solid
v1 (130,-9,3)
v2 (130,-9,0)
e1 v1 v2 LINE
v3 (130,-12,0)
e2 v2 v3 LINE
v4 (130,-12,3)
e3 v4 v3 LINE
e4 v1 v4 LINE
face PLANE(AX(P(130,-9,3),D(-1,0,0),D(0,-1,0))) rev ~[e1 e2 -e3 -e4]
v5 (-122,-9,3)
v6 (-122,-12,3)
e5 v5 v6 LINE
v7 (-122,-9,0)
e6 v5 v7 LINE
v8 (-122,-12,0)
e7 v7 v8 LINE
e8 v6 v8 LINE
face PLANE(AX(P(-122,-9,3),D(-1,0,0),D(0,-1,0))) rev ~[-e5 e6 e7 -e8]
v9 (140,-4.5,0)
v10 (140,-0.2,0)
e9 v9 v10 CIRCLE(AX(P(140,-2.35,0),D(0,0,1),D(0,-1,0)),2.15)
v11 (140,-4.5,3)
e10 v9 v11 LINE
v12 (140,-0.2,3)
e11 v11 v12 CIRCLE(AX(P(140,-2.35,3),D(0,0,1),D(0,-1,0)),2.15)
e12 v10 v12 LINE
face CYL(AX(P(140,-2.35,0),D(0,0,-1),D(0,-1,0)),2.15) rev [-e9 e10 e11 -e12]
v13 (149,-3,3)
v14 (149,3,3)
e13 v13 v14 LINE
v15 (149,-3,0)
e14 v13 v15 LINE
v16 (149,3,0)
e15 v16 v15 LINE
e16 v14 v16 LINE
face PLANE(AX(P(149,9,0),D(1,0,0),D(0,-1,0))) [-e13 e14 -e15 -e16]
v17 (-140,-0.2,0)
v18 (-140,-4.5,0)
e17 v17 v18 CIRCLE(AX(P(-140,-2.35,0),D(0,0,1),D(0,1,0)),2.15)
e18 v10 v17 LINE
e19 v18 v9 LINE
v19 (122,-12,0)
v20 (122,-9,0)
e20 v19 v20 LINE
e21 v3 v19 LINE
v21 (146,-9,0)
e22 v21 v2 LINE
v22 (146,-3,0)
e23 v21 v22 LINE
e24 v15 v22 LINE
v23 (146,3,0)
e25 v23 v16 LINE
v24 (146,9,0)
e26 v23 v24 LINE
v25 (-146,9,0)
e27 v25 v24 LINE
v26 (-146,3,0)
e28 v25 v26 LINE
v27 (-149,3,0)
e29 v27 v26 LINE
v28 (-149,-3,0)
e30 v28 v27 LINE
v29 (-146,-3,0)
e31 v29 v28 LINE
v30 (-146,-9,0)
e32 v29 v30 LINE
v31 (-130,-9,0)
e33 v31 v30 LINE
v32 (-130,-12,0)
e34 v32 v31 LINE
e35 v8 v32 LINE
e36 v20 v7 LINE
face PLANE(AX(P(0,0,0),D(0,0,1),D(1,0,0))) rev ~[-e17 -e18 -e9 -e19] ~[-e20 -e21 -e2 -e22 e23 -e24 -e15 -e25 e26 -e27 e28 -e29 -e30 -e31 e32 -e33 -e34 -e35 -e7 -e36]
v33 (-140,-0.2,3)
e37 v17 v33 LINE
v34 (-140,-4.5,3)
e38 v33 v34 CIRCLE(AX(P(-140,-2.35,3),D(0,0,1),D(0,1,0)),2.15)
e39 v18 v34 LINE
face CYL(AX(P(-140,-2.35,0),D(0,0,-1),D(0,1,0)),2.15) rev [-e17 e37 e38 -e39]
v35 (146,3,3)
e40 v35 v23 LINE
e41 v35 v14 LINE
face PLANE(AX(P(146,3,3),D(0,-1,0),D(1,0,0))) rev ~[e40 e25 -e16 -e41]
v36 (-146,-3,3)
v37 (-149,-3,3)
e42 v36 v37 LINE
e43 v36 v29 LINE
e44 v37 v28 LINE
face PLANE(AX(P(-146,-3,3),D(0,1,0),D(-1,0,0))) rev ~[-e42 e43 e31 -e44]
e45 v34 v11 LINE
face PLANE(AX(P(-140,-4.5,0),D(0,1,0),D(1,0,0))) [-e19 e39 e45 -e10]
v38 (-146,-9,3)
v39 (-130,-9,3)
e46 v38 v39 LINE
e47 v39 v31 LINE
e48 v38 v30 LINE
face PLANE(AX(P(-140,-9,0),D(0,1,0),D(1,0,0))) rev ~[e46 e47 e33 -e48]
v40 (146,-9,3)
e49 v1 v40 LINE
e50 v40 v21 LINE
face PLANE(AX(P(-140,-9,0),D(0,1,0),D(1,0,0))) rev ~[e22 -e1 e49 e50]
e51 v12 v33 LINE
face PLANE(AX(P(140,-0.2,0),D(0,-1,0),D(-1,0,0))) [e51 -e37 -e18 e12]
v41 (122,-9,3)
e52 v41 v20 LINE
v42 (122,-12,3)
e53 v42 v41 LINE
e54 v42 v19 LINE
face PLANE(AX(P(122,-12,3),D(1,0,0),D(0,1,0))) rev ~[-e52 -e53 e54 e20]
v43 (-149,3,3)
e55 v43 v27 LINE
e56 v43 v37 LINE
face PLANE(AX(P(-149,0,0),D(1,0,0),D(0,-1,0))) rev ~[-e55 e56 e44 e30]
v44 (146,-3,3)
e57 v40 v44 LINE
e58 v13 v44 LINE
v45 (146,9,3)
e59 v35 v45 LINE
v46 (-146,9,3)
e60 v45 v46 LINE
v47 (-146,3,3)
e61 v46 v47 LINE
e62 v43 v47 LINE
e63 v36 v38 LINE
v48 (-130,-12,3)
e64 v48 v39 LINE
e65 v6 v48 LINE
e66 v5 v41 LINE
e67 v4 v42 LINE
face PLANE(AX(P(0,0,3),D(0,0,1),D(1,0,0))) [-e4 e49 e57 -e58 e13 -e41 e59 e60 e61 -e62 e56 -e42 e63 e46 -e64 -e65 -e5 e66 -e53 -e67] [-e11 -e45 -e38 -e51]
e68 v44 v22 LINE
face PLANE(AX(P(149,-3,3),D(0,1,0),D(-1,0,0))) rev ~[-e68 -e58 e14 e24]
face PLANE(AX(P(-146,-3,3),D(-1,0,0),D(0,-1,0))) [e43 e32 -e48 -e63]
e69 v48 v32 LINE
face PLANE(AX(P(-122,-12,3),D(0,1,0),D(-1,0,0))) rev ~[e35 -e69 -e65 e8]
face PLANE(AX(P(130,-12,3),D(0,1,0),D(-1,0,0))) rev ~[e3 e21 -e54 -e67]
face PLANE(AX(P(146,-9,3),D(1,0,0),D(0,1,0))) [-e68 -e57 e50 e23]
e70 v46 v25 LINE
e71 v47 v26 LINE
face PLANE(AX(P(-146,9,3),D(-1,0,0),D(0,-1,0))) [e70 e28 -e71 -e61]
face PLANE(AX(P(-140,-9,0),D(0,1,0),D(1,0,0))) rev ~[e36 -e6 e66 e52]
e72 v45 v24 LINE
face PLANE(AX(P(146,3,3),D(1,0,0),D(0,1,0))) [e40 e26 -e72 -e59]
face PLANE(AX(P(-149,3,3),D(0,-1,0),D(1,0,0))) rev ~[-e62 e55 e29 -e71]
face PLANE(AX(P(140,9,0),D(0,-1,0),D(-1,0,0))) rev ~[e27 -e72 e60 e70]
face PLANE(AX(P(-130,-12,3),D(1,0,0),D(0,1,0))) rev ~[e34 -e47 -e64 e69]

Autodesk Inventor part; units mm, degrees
ref_plane "YZ Plane" through (0, 0, 0) normal (1, 0, 0) x (0, 1, 0)
ref_plane "XZ Plane" through (0, 0, 0) normal (0, 1, 0) x (-1, 0, 0)
ref_plane "XY Plane" through (0, 0, 0) normal (0, 0, 1) x (1, 0, 0)
sketch "草圖1" plane through (0, 0, 0) normal (0, 0, 1) x (1, 0, 0)
  line L0 (-140, 0) -> (140, 0) construction
  line L1 (-140, 0) -> (140, 0) construction
  line L2 (-140, -9) -> (140, -9)
  line L3 (140, 9) -> (-140, 9)
  arc A0 (-140, 9) -> (-140, -9) centre (-140, 0) ccw
  arc A1 (140, -9) -> (140, 9) centre (140, 0) ccw
  line L4 (-140, -2.35) -> (140, -2.35) construction
  line L5 (-140, -4.5) -> (140, -4.5)
  line L6 (140, -0.2) -> (-140, -0.2)
  arc A2 (-140, -0.2) -> (-140, -4.5) centre (-140, -2.35) ccw
  arc A3 (140, -4.5) -> (140, -0.2) centre (140, -2.35) ccw
  line L7 (140, -2.35) -> (140, 0) construction
  line L8 (-140, 9) -> (-149, 9)
  line L9 (-149, 9) -> (-149, -9)
  line L10 (-149, -9) -> (-140, -9)
  line L11 (-140, -9) -> (-140, 9)
  line L12 (140, 9) -> (149, 9)
  line L13 (149, 9) -> (149, -9)
  line L14 (149, -9) -> (140, -9)
  line L15 (140, -9) -> (140, 9)
  point P0 (0, 0)
  point P1 (0, 0)
  point P2 (0, 0)
  point P3 (0, -2.35)
  point P4 (149, 0)
  point P5 (-140, -9)
  point P6 (-149, 0)
  dimension "d5" = 9
  dimension "d7" = 280
  dimension "d22" = 2.15
  dimension "d24" = 4.5
extrude "擠出1" add sketch "草圖1" along normal blind 3 contours L11 L5 L15 L2 | L10 L9 A0 | A0 L11 A2 | L15 A3 A1 | A1 L13 L14 | L9 L8 A0 | A1 L12 L13 | L3 L15 L6 L11
sketch "草圖2" plane through (0, 0, 3) normal (0, 0, 1) x (1, 0, 0)
  line L0 (-208.6, 0) -> (208.6, 0) projected
  line L1 (-130, -9) -> (-122, -9)
  line L2 (-122, -9) -> (-122, -12)
  line L3 (-122, -12) -> (-130, -12)
  line L4 (-130, -12) -> (-130, -9)
  line L5 (122, -9) -> (130, -9)
  line L6 (130, -9) -> (130, -12)
  line L7 (130, -12) -> (122, -12)
  line L8 (122, -12) -> (122, -9)
  arc A0 (-140, -0.2) -> (-140, -4.5) centre (-140, -2.35) ccw projected
  arc A1 (140, -4.5) -> (140, -0.2) centre (140, -2.35) ccw projected
  line L9 (-149, -9) -> (149, -9) projected
  point P0 (0, 0)
  point P1 (130, -10.5)
  point P2 (-130, -10.5)
  dimension "d17" = 8
  dimension "d18" = 3
  dimension "d19" = 3
  dimension "d20" = 8
  dimension "d25" = 10
  dimension "d26" = 10
extrude "擠出2" add sketch "草圖2" against normal up to surface (3 mm away)
ref_plane "工作平面2" through (-140, -2.35, 0) normal (0, 1, 0) x (1, 0, 0)
sketch "草圖4" plane through (0, 0, 3) normal (0, 0, 1) x (1, 0, 0)
  line L0 (149, 9) -> (-149, 9) projected
  line L1 (-149, -9) -> (-130, -9) projected
  line L2 (-149, 9) -> (-146, 9)
  line L3 (-146, 9) -> (-146, -9)
  line L4 (-146, -9) -> (-149, -9)
  line L5 (-149, -9) -> (-149, 9)
  line L6 (-149, 9) -> (-149, -9) projected
  line L7 (-149, 3) -> (-146, 3)
  line L8 (-146, 3) -> (-146, -3)
  line L9 (-146, -3) -> (-149, -3)
  line L10 (-149, -3) -> (-149, 3)
  line L11 (149, -9) -> (149, 9) projected
  line L12 (149, -9) -> (146, -9)
  line L13 (146, -9) -> (146, 9)
  line L14 (146, 9) -> (149, 9)
  line L15 (149, 9) -> (149, -9)
  line L16 (149, -3) -> (146, -3)
  line L17 (146, -3) -> (146, 3)
  line L18 (146, 3) -> (149, 3)
  line L19 (149, 3) -> (149, -3)
  point P0 (0, 0)
  dimension "d27" = 6
  dimension "d28" = 6
  dimension "d29" = 3
  dimension "d32" = 3
extrude "擠出3" cut sketch "草圖4" against normal up to surface (3 mm away) contours L11 L18 L13 L0 | L3 L7 L5 L0 | L11 L12 L13 L16 | L3 L1 L5 L9
sketch "草圖5" plane through (0, 0, 3) normal (0, 0, 1) x (1, 0, 0)
  arc A0 (-140, -0.2) -> (-140, -4.5) centre (-140, -2.35) ccw projected
  line L0 (-140, -0.2) -> (140, -0.2) projected
  arc A1 (140, -4.5) -> (140, -0.2) centre (140, -2.35) ccw projected
  line L1 (140, -4.5) -> (-140, -4.5) projected
  line L2 (-146, 9) -> (-146, 3) projected
  line L3 (-146, 3) -> (-149, 3) projected
  line L4 (-149, 3) -> (-149, -3) projected
  line L5 (-149, -3) -> (-146, -3) projected
  line L6 (-146, -3) -> (-146, -9) projected
  line L7 (-146, -9) -> (-130, -9) projected
  line L8 (-130, -9) -> (-130, -12) projected
  line L9 (-130, -12) -> (-122, -12) projected
  line L10 (-122, -12) -> (-122, -9) projected
  line L11 (-122, -9) -> (122, -9) projected
  line L12 (122, -9) -> (122, -12) projected
  line L13 (122, -12) -> (130, -12) projected
  line L14 (130, -12) -> (130, -9) projected
  line L15 (130, -9) -> (146, -9) projected
  line L16 (146, -9) -> (146, -3) projected
  line L17 (146, -3) -> (149, -3) projected
  line L18 (149, -3) -> (149, 3) projected
  line L19 (149, 3) -> (146, 3) projected
  line L20 (146, 3) -> (146, 9) projected
  line L21 (146, 9) -> (-146, 9) projected
  point P0 (0, 0)
equation "\"d32\" = d29"
